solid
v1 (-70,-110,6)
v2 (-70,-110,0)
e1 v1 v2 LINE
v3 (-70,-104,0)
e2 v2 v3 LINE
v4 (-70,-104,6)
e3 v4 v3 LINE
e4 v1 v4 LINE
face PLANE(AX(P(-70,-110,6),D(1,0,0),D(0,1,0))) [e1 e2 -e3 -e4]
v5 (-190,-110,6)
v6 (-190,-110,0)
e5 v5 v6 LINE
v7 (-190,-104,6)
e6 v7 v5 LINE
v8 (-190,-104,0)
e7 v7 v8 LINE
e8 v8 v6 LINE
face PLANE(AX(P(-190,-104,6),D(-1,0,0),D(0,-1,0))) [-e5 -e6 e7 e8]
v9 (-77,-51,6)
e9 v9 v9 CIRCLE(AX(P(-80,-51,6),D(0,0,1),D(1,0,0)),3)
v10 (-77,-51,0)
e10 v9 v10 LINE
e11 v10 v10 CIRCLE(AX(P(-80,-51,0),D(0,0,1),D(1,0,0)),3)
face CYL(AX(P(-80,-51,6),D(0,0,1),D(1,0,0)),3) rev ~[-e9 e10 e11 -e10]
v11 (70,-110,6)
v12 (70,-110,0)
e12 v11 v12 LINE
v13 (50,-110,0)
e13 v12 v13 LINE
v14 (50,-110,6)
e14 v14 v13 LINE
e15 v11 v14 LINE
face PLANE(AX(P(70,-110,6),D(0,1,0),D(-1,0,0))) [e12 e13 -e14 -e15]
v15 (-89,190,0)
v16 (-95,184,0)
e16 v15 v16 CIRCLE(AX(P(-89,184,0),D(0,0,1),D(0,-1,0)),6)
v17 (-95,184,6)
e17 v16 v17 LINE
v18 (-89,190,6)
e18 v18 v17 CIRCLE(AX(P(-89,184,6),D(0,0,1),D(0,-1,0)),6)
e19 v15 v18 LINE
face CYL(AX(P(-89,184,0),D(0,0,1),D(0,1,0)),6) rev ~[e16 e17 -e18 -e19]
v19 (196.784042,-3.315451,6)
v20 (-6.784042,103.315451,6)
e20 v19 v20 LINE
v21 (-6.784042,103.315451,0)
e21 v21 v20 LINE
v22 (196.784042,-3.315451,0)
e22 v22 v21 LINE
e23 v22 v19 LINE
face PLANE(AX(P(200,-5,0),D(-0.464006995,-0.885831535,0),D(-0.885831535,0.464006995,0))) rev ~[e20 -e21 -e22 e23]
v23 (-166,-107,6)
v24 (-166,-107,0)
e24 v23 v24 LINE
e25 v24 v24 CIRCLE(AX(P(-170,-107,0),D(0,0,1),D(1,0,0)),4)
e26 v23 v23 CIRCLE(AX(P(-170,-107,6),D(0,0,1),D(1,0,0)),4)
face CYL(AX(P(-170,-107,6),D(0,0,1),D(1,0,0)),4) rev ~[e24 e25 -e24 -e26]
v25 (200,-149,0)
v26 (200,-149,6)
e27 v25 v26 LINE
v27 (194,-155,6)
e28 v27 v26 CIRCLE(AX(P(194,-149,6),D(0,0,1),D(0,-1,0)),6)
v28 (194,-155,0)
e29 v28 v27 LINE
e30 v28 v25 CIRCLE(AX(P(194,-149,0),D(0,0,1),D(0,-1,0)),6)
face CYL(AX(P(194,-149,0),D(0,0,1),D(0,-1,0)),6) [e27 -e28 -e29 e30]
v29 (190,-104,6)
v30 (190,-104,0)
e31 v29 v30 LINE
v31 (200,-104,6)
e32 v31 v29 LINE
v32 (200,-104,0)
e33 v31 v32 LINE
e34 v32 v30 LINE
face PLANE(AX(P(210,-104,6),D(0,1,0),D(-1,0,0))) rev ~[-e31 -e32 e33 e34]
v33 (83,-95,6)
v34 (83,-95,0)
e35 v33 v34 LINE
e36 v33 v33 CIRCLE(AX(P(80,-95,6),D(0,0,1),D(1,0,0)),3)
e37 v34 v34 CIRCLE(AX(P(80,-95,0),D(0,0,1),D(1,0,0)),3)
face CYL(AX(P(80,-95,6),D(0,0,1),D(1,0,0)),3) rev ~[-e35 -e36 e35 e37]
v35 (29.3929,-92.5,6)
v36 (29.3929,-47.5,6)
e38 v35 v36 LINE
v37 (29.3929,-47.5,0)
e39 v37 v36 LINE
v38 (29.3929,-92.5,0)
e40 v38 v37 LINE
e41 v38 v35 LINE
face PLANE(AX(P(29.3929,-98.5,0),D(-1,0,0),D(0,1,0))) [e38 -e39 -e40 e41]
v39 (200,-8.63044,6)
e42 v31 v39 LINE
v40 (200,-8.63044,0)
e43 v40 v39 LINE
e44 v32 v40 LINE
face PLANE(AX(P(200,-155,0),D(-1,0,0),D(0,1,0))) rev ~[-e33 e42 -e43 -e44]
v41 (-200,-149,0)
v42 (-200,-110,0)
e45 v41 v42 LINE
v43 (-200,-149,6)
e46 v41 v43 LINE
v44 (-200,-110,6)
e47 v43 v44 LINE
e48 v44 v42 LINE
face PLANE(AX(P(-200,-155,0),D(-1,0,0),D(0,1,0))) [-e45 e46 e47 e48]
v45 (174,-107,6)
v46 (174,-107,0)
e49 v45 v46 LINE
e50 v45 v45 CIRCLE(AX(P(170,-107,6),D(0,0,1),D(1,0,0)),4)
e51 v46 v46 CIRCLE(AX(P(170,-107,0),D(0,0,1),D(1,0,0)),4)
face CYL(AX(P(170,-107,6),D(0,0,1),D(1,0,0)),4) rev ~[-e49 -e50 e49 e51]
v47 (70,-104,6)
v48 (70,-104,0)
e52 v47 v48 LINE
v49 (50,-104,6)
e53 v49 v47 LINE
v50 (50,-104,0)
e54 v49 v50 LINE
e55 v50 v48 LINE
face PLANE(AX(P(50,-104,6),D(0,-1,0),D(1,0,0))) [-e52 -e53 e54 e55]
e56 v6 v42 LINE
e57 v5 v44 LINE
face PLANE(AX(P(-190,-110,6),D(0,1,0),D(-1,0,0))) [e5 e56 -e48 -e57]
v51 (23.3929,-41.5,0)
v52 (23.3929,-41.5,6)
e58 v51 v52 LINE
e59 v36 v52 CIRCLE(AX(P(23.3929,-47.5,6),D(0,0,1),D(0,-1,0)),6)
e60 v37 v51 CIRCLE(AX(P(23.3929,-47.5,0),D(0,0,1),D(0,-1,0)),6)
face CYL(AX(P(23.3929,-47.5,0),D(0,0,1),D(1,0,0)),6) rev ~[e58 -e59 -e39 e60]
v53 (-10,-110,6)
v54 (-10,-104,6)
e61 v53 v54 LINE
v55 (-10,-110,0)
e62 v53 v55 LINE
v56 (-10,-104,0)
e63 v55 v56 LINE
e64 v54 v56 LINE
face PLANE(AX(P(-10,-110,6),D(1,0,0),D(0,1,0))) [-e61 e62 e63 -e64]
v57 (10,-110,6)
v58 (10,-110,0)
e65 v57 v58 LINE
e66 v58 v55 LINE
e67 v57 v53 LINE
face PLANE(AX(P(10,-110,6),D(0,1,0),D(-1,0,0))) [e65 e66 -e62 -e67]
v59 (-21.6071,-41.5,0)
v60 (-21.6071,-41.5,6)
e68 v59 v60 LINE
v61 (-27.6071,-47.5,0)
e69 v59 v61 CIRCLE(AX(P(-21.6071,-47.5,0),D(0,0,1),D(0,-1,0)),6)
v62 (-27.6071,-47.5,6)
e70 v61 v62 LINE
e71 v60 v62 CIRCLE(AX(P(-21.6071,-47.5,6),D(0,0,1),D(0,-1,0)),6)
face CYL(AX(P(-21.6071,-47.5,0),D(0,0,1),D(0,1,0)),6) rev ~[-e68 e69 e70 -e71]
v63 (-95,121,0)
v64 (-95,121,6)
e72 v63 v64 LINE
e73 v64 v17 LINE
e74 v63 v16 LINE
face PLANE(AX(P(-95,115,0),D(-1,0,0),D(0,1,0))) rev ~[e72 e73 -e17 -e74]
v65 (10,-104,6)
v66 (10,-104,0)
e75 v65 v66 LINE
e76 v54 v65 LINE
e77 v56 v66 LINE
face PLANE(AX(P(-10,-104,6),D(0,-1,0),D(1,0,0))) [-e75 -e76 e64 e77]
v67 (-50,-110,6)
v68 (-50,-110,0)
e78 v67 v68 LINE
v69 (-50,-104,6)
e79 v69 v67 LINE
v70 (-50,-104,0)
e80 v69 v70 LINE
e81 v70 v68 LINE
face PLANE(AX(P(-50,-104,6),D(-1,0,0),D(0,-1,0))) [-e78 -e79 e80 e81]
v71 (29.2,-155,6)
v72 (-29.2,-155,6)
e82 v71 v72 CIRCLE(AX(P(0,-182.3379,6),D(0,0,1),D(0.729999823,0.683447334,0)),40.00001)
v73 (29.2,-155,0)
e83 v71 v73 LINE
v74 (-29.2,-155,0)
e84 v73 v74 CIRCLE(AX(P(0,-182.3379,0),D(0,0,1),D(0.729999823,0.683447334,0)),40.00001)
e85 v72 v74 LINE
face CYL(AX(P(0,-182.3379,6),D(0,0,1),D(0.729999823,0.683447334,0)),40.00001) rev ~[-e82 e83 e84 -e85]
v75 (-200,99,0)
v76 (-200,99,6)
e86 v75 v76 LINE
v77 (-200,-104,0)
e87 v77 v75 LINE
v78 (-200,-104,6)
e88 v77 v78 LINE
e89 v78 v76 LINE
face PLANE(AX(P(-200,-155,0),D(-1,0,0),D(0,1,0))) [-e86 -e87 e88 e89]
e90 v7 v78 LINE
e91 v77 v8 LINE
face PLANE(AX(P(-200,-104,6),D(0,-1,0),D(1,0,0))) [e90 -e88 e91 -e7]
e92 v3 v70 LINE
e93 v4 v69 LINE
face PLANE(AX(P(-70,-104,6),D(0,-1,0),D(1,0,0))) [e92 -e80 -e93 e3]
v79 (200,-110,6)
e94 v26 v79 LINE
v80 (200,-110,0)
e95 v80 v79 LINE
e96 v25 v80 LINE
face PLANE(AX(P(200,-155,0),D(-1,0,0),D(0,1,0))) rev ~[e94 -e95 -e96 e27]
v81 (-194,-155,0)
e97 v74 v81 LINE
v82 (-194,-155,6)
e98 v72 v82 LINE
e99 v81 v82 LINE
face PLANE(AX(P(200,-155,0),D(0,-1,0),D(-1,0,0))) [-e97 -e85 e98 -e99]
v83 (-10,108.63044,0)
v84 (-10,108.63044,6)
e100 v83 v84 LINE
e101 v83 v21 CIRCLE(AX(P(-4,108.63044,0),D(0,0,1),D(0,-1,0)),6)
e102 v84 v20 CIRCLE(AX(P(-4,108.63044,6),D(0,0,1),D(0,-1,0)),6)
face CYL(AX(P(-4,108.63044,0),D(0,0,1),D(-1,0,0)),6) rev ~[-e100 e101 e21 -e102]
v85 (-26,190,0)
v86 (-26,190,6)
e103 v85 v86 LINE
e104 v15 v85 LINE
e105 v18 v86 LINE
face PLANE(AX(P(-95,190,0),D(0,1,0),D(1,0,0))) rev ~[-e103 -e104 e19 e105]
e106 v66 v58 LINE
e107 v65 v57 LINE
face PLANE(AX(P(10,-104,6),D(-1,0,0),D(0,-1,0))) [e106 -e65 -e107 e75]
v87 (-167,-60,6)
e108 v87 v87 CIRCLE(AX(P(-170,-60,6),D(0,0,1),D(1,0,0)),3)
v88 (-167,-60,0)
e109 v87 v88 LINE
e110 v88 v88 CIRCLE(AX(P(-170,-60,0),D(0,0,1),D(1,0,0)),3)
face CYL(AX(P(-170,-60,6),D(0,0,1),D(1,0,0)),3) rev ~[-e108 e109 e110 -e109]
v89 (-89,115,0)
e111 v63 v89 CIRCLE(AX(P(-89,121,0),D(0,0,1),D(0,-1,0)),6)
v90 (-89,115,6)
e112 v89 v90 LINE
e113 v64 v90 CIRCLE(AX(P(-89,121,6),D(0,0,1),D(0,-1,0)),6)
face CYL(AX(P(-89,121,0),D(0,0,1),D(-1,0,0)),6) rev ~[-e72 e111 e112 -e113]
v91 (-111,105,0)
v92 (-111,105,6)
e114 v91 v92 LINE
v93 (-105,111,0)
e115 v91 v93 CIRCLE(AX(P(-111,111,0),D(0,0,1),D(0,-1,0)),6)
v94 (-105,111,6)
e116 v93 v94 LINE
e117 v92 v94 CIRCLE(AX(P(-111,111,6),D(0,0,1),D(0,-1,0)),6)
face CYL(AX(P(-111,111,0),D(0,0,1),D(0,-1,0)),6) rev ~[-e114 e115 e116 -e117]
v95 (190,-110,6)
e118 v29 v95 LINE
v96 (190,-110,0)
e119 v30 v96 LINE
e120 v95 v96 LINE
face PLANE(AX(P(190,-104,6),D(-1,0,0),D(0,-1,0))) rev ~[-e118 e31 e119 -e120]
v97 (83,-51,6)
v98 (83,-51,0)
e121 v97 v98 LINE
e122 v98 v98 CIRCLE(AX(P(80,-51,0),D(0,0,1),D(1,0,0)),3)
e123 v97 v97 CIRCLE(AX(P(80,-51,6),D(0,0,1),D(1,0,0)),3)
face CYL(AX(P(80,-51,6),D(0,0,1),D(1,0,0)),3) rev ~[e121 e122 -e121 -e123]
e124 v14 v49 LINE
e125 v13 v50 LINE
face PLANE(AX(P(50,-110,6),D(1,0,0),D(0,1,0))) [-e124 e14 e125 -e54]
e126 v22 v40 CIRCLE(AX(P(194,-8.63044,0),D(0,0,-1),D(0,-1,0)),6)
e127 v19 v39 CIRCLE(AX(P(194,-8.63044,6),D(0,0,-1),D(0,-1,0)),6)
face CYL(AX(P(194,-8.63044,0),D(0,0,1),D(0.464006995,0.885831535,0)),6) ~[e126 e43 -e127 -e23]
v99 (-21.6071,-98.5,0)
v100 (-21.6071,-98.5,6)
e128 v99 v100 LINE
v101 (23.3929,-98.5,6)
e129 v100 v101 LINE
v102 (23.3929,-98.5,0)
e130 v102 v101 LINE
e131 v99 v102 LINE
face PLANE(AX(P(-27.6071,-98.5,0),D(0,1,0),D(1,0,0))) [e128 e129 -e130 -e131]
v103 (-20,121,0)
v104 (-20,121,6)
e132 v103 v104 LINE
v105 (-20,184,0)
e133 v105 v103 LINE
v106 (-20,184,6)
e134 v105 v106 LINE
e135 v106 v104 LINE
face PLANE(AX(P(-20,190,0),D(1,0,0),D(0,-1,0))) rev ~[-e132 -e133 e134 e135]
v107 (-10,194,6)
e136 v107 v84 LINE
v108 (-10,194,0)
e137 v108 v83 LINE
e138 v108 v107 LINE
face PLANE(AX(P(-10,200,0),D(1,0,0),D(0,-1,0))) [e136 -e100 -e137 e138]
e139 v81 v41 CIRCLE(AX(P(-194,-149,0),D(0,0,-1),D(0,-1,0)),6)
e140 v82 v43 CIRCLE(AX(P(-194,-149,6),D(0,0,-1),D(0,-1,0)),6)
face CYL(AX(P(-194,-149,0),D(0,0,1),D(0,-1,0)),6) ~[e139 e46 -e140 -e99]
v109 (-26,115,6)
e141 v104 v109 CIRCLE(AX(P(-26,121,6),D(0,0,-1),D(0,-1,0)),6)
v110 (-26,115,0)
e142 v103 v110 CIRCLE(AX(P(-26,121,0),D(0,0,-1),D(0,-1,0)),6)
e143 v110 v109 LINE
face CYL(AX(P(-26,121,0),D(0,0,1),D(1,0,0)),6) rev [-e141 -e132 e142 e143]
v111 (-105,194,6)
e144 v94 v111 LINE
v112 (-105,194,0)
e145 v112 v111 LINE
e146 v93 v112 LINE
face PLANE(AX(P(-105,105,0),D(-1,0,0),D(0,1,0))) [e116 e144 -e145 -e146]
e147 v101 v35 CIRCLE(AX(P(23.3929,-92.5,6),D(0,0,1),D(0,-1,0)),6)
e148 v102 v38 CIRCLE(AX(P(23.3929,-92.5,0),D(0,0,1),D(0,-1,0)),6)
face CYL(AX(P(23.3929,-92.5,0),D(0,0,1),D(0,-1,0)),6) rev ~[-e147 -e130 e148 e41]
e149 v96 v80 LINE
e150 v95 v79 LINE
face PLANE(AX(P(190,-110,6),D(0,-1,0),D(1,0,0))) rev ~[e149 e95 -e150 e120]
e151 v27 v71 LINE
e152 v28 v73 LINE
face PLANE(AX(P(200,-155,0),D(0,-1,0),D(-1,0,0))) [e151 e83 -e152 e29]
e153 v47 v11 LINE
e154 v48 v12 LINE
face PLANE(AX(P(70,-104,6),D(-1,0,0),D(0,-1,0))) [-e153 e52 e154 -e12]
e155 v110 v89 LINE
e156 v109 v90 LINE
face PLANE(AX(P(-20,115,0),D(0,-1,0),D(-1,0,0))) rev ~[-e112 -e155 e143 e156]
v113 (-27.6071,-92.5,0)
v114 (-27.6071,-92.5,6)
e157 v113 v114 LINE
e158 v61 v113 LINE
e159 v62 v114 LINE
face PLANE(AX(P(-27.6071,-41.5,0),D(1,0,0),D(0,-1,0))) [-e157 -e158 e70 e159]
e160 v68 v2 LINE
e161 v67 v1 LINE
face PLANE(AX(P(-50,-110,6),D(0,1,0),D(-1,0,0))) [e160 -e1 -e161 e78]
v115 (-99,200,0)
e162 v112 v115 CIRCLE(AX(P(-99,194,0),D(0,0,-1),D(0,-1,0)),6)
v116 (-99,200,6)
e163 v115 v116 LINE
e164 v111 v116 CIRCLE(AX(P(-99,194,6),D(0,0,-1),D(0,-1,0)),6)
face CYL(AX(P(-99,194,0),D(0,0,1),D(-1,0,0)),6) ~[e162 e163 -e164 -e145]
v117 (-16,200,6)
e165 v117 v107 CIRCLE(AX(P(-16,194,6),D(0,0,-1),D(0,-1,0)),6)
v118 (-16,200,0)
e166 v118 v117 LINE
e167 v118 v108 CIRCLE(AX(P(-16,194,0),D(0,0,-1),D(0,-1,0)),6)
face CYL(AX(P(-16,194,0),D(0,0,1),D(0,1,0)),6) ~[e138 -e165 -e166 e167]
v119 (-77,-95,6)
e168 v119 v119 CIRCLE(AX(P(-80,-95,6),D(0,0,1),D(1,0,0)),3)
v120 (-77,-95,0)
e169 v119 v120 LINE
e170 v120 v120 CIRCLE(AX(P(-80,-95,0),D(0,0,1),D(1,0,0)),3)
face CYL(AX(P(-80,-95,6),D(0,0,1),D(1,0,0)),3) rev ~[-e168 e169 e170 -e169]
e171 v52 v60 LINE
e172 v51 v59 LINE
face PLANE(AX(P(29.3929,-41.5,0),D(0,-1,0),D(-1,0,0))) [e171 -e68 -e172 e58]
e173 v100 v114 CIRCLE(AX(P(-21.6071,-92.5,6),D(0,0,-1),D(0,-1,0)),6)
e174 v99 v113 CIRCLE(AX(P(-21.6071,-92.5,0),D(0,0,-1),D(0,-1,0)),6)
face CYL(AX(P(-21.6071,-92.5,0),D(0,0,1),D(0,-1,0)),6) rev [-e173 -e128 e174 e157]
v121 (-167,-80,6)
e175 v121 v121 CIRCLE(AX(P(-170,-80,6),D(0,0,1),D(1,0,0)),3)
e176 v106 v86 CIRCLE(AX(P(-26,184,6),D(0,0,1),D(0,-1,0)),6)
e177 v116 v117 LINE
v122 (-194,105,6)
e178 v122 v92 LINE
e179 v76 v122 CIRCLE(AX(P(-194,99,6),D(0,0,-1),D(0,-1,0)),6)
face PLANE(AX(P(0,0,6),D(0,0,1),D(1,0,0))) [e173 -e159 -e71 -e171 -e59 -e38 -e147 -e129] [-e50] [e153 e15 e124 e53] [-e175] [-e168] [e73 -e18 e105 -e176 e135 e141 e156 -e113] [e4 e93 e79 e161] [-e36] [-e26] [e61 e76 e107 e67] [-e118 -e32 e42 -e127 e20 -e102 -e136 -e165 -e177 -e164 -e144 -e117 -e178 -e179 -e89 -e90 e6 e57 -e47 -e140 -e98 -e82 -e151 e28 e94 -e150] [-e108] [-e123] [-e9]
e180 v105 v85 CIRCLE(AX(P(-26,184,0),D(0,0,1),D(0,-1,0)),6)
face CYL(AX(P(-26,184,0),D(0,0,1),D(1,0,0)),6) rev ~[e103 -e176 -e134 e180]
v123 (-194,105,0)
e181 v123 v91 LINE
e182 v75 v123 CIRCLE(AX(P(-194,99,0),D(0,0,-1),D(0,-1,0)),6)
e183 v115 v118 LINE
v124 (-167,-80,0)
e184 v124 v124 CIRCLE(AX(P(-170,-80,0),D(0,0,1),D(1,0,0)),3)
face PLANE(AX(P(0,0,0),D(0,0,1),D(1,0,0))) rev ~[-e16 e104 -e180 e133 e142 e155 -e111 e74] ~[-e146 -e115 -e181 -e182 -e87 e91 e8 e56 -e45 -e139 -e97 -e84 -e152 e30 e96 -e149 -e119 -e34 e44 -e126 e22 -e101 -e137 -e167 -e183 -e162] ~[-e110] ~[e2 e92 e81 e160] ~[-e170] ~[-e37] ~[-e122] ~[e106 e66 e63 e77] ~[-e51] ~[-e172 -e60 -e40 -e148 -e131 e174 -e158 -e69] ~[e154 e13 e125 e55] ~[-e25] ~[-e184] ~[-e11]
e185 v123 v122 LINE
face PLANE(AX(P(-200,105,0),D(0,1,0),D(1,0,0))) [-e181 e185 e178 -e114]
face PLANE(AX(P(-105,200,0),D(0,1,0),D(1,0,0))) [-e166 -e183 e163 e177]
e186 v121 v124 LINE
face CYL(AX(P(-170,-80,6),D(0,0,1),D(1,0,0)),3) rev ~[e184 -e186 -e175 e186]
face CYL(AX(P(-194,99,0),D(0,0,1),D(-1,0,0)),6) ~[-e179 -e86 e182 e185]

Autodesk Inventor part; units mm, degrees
ref_plane "YZ Plane" through (0, 0, 0) normal (1, 0, 0) x (0, 1, 0)
ref_plane "XZ Plane" through (0, 0, 0) normal (0, 1, 0) x (-1, 0, 0)
ref_plane "XY Plane" through (0, 0, 0) normal (0, 0, 1) x (1, 0, 0)
sketch "Boceto1" plane through (0, 0, 0) normal (0, 0, 1) x (1, 0, 0)
  line L0 (200, -155) -> (-200, -155)
  line L1 (-200, -155) -> (-200, 105)
  line L2 (-200, 105) -> (-105, 105)
  line L3 (-105, 105) -> (-105, 200)
  line L4 (-105, 200) -> (-10, 200)
  line L5 (-10, 200) -> (-10, 105)
  line L6 (200, -155) -> (200, -5)
  line L7 (200, -5) -> (-10, 105)
  line L8 (-27.6071, -98.5) -> (29.3929, -98.5)
  line L9 (29.3929, -98.5) -> (29.3929, -41.5)
  line L10 (29.3929, -41.5) -> (-27.6071, -41.5)
  line L11 (-27.6071, -41.5) -> (-27.6071, -98.5)
  line L12 (-27.6071, -98.5) -> (29.3929, -41.5) construction
  line L13 (29.3929, -98.5) -> (-27.6071, -41.5) construction
  line L14 (-20, 115) -> (-95, 115)
  line L15 (-95, 115) -> (-95, 190)
  line L16 (-95, 190) -> (-20, 190)
  line L17 (-20, 190) -> (-20, 115)
  line L18 (-20, 115) -> (-95, 190) construction
  line L19 (-95, 115) -> (-20, 190) construction
  point P0 (0.8929, -70)
  point P1 (-57.5, 152.5)
  dimension "d2" = 260
  dimension "d3" = 95
  dimension "d4" = 95
  dimension "d5" = 150
  dimension "d6" = 400
  dimension "d7" = 57
  dimension "d8" = 57
  dimension "d10" = 75
  dimension "d11" = 75
extrude "Extrusión1" add sketch "Boceto1" along normal blind 6
fillet "Empalme1" radius 6 16 edges at (-10, 105, 3) (-10, 200, 3) (200, -5, 3) (200, -155, 3) (-200, -155, 3) (-200, 105, 3) (-105, 105, 3) (-105, 200, 3) (-95, 190, 3) (-20, 190, 3) (-20, 115, 3) (-95, 115, 3) (-27.6071, -41.5, 3) (29.3929, -41.5, 3) (29.3929, -98.5, 3) (-27.6071, -98.5, 3)
sketch "Boceto2" plane through (0, 0, 6) normal (0, 0, 1) x (1, 0, 0)
  line L0 (10, -110) -> (-10, -110)
  line L1 (-10, -110) -> (-10, -104)
  line L2 (-10, -104) -> (10, -104)
  line L3 (10, -104) -> (10, -110)
  line L4 (10, -110) -> (-10, -104) construction
  line L5 (-10, -110) -> (10, -104) construction
  line L6 (-194, -155) -> (194, -155) projected
  line L7 (-50, -110) -> (-70, -110)
  line L8 (-70, -110) -> (-70, -104)
  line L9 (-70, -104) -> (-50, -104)
  line L10 (-50, -104) -> (-50, -110)
  line L11 (-50, -110) -> (-70, -104) construction
  line L12 (-70, -110) -> (-50, -104) construction
  line L13 (70, -110) -> (50, -110)
  line L14 (50, -110) -> (50, -104)
  line L15 (50, -104) -> (70, -104)
  line L16 (70, -104) -> (70, -110)
  line L17 (70, -110) -> (50, -104) construction
  line L18 (50, -110) -> (70, -104) construction
  circle A0 centre (-170, -107) radius 4
  line L19 (-190, -110) -> (-210, -110)
  line L20 (-210, -110) -> (-210, -104)
  line L21 (-210, -104) -> (-190, -104)
  line L22 (-190, -104) -> (-190, -110)
  line L23 (-200, -149) -> (-200, 99) projected
  line L24 (-190, -110) -> (-210, -104) construction
  line L25 (-210, -110) -> (-190, -104) construction
  circle A1 centre (-80, -95) radius 3
  circle A2 centre (-80, -51) radius 3
  circle A3 centre (-170, -80) radius 3
  circle A4 centre (-170, -60) radius 3
  line L26 (0, 0) -> (0, -107)
  circle A5 centre (170, -107) radius 4
  line L27 (190, -110) -> (210, -110)
  line L28 (210, -110) -> (210, -104)
  line L29 (210, -104) -> (190, -104)
  line L30 (190, -104) -> (190, -110)
  circle A6 centre (80, -95) radius 3
  circle A7 centre (80, -51) radius 3
  line L31 (194, -155) -> (-194, -155) projected
  arc A8 (29.2, -155) -> (-29.2, -155) centre (0, -182.3379) ccw
  line L32 (-29.2, -155) -> (29.2, -155)
  point P0 (-60, -107)
  point P1 (60, -107)
  point P2 (-200, -107)
  dimension "d15" = 20
  dimension "d16" = 6
  dimension "d17" = 48
  dimension "d18" = 20
  dimension "d19" = 60
  dimension "d20" = 20
  dimension "d21" = 60
  dimension "d22" = 8
  dimension "d23" = 20
  dimension "d24" = 6
  dimension "d25" = 110
  dimension "d26" = 6
  dimension "d27" = 20
  dimension "d28" = 12
  dimension "d29" = 6
  dimension "d30" = 44
  dimension "d31" = 6
  dimension "d32" = 6
  dimension "d33" = 40
  dimension "d36" = 6
  dimension "d37" = 6
extrude "Extrusión2" cut sketch "Boceto2" against normal through all
properties part number "EXTERNAL SIDE PLATE" material "Acero, carbono"
